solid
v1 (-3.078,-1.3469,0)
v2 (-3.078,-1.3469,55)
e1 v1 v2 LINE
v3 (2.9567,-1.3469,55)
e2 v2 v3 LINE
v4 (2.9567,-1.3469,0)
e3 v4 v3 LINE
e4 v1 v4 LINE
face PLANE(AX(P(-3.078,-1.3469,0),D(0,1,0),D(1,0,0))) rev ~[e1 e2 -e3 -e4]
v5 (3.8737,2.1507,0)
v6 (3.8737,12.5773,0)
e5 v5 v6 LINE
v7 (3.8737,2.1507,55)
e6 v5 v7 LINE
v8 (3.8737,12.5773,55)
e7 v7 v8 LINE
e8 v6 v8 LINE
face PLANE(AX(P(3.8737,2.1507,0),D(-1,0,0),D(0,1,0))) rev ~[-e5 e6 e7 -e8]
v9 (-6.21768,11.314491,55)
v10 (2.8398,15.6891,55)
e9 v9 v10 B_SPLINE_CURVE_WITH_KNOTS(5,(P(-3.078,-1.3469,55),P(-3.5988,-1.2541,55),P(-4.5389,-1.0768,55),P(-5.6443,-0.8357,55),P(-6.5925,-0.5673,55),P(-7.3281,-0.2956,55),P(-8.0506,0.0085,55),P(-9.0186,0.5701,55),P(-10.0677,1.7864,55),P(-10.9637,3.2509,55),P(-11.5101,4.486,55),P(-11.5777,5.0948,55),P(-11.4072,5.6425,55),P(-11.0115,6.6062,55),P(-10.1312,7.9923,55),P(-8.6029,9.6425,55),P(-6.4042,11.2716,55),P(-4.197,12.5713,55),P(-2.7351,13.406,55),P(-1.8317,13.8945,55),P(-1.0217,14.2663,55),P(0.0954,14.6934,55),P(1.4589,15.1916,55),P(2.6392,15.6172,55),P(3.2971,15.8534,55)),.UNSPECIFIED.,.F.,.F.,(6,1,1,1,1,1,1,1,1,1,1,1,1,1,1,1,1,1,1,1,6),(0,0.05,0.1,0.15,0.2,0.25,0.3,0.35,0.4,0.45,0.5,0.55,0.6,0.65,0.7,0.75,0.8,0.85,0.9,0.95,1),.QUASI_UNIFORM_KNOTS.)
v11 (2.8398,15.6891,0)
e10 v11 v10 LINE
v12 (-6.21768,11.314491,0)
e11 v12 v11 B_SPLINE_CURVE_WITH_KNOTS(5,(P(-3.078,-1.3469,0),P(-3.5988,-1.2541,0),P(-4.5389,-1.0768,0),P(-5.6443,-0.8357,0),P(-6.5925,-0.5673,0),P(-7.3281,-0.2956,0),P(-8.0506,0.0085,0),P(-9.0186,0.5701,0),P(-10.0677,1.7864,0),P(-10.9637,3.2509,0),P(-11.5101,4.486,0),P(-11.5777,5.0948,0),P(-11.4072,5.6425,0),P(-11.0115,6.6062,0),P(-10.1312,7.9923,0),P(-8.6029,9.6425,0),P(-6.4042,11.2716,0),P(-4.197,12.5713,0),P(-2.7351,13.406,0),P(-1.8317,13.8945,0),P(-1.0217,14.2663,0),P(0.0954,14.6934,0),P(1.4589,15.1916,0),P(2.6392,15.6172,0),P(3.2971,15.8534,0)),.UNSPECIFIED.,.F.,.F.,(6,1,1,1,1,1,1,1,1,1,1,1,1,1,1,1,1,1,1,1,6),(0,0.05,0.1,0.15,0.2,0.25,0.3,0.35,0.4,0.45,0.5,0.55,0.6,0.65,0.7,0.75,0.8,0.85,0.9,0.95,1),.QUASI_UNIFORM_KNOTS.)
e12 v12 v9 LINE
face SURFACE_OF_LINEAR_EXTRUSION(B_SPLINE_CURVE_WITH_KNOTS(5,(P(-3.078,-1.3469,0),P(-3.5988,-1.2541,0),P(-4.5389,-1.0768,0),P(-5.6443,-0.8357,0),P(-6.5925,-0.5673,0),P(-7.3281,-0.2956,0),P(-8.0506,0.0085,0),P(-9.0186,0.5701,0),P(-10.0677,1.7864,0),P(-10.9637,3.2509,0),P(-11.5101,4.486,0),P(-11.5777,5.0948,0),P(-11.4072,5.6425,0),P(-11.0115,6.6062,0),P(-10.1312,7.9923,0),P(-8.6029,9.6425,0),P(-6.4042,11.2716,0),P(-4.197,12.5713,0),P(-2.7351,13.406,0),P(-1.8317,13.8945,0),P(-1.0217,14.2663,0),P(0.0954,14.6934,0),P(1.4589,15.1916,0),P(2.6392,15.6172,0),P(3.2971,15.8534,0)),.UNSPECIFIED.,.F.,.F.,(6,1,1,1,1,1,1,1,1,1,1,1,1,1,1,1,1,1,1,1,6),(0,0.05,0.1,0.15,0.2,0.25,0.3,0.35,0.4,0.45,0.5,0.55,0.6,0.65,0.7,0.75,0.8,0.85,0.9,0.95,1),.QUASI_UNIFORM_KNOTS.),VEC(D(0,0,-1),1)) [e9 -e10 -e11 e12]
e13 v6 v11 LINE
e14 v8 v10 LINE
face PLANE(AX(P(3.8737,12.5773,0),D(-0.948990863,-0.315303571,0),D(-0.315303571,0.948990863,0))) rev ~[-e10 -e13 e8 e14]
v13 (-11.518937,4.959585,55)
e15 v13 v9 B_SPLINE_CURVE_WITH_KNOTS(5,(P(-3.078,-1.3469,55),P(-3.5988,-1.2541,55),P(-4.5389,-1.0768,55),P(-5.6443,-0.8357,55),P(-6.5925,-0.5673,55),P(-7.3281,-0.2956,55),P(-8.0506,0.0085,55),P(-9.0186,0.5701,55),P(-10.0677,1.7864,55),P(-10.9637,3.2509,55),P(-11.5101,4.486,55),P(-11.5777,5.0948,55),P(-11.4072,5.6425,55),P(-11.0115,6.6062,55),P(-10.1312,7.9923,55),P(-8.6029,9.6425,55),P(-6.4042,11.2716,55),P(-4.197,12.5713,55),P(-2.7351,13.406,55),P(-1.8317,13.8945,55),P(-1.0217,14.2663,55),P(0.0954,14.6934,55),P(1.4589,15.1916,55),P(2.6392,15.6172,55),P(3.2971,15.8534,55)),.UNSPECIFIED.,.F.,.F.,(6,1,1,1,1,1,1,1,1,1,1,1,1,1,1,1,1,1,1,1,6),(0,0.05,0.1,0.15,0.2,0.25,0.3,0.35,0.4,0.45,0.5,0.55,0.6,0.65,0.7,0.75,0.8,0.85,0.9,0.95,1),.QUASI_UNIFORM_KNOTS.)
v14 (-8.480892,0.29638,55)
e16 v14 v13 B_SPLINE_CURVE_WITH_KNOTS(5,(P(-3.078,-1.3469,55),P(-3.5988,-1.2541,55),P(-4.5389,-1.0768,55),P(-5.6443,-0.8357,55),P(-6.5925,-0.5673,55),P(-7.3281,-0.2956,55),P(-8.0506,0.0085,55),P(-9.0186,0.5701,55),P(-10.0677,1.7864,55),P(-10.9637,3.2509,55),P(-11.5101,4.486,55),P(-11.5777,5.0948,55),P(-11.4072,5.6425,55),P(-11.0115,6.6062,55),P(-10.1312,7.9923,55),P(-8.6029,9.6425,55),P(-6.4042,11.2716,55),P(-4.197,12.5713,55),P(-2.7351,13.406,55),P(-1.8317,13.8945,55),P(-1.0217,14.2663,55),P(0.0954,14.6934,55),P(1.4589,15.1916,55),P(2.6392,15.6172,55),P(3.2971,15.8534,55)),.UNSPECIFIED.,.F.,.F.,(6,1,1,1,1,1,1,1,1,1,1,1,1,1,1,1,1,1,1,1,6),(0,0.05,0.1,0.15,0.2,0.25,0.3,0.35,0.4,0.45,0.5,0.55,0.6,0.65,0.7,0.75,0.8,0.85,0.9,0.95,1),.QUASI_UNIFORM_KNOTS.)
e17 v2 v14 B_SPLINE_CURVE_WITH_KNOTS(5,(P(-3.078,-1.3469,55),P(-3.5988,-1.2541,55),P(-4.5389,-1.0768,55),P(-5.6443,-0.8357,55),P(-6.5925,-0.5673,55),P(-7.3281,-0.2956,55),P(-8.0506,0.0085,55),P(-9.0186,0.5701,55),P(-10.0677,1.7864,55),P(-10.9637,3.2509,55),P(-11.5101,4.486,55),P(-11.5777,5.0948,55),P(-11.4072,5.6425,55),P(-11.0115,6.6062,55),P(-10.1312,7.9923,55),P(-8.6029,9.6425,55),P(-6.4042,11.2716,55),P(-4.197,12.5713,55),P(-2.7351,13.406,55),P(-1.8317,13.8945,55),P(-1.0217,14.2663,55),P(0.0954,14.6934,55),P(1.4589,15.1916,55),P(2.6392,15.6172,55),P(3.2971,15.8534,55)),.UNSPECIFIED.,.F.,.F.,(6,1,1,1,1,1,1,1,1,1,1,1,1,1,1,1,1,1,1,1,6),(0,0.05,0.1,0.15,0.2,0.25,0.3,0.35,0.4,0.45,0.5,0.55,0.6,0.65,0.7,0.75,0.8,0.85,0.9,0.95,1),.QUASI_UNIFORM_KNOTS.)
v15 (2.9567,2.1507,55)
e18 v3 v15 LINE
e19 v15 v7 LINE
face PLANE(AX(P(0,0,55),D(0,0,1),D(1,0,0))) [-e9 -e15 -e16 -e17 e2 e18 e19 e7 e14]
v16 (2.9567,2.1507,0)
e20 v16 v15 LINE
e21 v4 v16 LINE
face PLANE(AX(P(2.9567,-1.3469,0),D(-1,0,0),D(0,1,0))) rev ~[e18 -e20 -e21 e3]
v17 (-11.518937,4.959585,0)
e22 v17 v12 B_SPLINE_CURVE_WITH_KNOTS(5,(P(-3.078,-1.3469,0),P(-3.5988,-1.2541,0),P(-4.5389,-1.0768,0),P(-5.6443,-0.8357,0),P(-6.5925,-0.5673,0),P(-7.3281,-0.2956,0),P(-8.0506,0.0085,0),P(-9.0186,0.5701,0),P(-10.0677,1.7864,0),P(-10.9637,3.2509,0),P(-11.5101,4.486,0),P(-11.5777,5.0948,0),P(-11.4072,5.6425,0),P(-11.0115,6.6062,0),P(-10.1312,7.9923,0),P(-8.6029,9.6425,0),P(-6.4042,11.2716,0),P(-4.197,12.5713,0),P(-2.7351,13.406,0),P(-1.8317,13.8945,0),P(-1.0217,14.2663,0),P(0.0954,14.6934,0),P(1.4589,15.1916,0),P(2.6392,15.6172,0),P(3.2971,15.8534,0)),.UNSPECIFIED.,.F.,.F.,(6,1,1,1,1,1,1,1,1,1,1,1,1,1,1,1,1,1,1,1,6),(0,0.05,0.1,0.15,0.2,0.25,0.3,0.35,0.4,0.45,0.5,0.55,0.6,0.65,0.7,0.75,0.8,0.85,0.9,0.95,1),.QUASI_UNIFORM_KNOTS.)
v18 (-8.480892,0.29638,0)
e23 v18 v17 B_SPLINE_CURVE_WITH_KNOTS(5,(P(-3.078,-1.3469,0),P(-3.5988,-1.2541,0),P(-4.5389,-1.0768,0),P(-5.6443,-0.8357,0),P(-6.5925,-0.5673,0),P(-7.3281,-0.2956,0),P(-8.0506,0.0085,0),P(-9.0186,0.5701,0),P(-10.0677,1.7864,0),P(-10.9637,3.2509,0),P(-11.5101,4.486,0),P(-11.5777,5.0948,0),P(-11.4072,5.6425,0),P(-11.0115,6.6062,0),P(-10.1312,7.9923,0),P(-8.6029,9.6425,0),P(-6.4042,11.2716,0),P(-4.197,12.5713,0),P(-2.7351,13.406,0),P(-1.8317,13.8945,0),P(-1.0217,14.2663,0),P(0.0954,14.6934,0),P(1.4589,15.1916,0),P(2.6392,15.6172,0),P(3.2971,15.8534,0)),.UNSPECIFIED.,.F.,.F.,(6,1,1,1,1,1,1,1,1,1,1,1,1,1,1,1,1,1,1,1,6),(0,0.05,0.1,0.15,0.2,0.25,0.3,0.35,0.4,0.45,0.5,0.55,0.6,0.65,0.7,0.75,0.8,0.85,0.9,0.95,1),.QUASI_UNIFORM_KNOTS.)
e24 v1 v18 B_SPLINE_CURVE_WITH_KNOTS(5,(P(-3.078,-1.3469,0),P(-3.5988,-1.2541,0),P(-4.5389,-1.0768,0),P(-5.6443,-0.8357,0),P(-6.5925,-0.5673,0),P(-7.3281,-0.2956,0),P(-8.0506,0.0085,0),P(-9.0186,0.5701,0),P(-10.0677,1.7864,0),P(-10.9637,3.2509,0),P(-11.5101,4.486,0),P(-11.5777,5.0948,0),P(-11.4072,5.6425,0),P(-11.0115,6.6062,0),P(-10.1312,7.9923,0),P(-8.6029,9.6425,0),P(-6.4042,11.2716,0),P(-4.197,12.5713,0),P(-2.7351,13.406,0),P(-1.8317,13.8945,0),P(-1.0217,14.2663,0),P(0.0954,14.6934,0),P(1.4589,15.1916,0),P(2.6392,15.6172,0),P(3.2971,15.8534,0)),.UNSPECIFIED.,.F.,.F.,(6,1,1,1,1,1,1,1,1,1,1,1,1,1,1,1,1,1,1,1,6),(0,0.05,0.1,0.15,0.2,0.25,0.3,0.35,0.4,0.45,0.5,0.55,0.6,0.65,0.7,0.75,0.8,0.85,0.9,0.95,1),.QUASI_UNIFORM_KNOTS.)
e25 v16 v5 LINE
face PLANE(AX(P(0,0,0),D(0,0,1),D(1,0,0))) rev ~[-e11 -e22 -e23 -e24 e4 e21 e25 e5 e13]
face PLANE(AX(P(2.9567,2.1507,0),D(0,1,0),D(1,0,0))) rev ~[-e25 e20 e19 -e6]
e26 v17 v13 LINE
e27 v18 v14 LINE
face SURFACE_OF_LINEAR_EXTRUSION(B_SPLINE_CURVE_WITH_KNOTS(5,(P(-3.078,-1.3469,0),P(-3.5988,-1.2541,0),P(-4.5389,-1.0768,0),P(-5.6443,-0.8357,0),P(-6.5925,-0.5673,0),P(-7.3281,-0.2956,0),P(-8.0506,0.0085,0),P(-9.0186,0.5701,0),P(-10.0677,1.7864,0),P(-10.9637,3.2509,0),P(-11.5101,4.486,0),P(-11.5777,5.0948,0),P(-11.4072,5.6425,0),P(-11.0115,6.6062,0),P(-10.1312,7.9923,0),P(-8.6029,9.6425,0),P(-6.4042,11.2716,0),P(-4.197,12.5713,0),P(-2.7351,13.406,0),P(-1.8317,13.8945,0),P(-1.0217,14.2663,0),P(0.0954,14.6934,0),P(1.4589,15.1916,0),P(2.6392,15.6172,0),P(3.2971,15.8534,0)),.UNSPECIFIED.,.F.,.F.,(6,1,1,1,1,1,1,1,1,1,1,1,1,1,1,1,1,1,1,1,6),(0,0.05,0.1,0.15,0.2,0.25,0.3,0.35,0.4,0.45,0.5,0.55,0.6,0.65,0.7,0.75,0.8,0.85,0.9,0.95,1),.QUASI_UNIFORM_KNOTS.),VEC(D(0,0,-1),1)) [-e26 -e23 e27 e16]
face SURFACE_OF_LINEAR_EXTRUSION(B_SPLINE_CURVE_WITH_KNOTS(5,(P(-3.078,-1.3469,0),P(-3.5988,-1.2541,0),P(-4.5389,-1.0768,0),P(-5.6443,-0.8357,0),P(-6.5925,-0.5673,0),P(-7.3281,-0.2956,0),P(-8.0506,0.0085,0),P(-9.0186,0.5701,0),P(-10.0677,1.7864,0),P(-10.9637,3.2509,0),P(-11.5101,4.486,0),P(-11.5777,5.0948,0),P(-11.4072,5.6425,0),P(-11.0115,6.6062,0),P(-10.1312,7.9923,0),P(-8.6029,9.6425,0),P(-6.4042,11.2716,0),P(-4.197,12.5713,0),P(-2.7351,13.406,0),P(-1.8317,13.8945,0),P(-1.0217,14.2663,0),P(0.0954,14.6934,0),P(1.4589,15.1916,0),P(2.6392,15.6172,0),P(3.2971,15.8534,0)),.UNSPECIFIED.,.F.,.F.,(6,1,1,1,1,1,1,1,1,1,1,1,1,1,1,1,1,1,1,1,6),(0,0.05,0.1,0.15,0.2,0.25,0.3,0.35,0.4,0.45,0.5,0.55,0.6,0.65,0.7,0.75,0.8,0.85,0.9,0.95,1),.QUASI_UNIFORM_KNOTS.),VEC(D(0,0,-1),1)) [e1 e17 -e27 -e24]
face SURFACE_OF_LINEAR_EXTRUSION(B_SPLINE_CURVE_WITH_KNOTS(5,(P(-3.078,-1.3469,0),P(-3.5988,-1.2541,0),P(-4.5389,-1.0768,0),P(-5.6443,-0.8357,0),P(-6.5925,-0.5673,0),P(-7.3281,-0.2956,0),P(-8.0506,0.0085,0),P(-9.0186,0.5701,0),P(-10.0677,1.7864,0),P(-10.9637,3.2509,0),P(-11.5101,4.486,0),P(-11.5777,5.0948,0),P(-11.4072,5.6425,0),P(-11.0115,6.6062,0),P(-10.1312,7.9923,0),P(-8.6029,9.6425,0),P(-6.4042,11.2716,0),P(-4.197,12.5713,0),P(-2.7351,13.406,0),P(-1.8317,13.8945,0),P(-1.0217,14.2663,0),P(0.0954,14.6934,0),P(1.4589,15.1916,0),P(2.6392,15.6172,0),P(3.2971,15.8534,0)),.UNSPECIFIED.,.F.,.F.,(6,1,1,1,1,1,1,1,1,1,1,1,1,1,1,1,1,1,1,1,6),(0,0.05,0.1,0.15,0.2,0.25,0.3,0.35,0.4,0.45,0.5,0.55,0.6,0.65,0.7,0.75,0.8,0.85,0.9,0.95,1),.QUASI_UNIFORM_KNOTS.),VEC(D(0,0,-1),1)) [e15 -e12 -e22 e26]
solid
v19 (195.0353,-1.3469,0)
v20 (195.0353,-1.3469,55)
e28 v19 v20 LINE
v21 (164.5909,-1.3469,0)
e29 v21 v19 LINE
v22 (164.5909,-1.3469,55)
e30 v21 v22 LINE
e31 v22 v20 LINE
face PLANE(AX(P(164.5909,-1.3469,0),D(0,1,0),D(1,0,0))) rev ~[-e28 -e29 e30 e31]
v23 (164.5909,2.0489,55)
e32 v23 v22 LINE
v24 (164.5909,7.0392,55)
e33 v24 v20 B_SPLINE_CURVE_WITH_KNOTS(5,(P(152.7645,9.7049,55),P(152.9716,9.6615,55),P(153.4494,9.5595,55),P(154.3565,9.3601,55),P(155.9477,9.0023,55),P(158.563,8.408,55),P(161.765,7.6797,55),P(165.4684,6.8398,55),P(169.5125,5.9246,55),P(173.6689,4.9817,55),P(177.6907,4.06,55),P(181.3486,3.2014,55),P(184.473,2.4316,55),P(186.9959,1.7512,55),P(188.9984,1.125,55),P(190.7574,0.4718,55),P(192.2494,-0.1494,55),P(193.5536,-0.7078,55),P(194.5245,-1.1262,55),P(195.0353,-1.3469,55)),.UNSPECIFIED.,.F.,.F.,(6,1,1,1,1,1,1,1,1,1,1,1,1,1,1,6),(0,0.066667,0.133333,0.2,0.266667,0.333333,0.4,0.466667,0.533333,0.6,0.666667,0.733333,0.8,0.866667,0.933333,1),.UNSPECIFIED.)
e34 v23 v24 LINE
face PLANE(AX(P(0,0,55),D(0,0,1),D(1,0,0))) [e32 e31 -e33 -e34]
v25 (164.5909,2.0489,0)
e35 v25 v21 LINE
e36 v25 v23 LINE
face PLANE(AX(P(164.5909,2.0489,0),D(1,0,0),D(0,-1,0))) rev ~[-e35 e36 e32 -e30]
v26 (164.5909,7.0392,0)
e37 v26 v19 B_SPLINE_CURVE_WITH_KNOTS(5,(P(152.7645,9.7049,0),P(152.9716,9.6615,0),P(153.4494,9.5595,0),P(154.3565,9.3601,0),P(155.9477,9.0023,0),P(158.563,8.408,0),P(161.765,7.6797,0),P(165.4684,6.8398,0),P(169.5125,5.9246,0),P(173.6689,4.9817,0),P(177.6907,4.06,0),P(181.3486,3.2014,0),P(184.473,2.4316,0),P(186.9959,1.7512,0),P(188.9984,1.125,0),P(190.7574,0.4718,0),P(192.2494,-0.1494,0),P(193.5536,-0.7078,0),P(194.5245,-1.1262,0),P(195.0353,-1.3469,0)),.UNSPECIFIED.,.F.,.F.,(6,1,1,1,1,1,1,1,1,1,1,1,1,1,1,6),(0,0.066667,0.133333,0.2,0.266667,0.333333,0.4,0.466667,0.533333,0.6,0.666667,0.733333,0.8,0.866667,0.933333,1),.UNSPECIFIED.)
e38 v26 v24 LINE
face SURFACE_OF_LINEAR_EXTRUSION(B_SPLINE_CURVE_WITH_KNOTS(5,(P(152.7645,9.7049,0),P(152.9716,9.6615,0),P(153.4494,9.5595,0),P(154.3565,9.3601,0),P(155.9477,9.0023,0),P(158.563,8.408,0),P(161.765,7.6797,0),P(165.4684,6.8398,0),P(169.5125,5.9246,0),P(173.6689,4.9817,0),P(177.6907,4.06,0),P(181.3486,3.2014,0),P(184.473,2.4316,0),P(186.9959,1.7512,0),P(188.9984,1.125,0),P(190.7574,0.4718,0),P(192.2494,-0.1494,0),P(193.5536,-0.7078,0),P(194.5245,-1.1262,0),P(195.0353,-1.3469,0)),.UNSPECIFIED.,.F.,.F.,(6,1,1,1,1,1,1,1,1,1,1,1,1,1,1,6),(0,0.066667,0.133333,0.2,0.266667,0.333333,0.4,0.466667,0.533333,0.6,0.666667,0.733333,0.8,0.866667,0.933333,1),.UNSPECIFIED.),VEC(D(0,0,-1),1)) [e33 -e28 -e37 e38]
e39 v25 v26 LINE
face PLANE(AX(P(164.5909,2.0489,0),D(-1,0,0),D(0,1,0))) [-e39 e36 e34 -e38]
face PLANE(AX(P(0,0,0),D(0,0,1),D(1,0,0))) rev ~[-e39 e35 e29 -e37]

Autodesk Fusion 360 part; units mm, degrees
sketch "Sketch1" plane through (0, 0, 0) normal (0, 0, 1) x (1, 0, 0) in component "Airfoil structure"
  spline S0 degree 5 poles (152.7645, 9.7049) (152.9716, 9.6615) (153.4494, 9.5595) (154.3565, 9.3601) (155.9477, 9.0023) (158.563, 8.408) (161.765, 7.6797) (165.4684, 6.8398) (169.5125, 5.9246) (173.6689, 4.9817) (177.6907, 4.06) (181.3486, 3.2014) (184.473, 2.4316) (186.9959, 1.7512) (188.9984, 1.125) (190.7574, 0.4718) (192.2494, -0.1494) (193.5536, -0.7078) (194.5245, -1.1262) (195.0353, -1.3469) knots 0 0 0 0 0 0 0.066667 0.133333 0.2 0.266667 0.333333 0.4 0.466667 0.533333 0.6 0.666667 0.733333 0.8 0.866667 0.933333 1 1 1 1 1 1
  line L0 (151.6776, 9.9322) -> (153.8514, 9.4775)
  line L1 (191.9867, -0.0294) -> (198.0838, -2.6644)
  circle A0 centre (33.1388, 9.1296) radius 4.765
  circle A1 centre (116.1615, 7.0362) radius 3.175
  spline S1 degree 5 poles (-3.078, -1.3469) (-3.5988, -1.2541) (-4.5389, -1.0768) (-5.6443, -0.8357) (-6.5925, -0.5673) (-7.3281, -0.2956) (-8.0506, 0.0085) (-9.0186, 0.5701) (-10.0677, 1.7864) (-10.9637, 3.2509) (-11.5101, 4.486) (-11.5777, 5.0948) (-11.4072, 5.6425) (-11.0115, 6.6062) (-10.1312, 7.9923) (-8.6029, 9.6425) (-6.4042, 11.2716) (-4.197, 12.5713) (-2.7351, 13.406) (-1.8317, 13.8945) (-1.0217, 14.2663) (0.0954, 14.6934) (1.4589, 15.1916) (2.6392, 15.6172) (3.2971, 15.8534) knots 0 0 0 0 0 0 0.05 0.1 0.15 0.2 0.25 0.3 0.35 0.4 0.45 0.5 0.55 0.6 0.65 0.7 0.75 0.8 0.85 0.9 0.95 1 1 1 1 1 1
  line L2 (0.5733, -1.9976) -> (-6.7293, -0.6962)
  line L3 (-0.0118, 14.6656) -> (6.606, 17.0412)
  line L4 (-8.4792, 9.8153) -> (-3.9569, 12.8132)
  line L5 (-11.5034, 4.2257) -> (-11.5345, 5.6935)
  line L6 (-7.2174, -0.5359) -> (-9.7443, 1.1286)
  line L7 (19.5688, 19.3646) -> (90.5688, 19.3646)
  spline S2 degree 5 poles (93.5688, 19.3646) (93.8188, 19.3387) (94.2829, 19.2905) (94.8714, 19.229) (95.4658, 19.1659) (96.0263, 19.1049) (96.567, 19.0445) (97.2368, 18.9678) (98.1315, 18.8622) (99.313, 18.7173) (100.8214, 18.5245) (102.3118, 18.3263) (103.5973, 18.1504) (104.53, 18.0207) (105.0153, 17.9528) knots 0 0 0 0 0 0 0.1 0.2 0.3 0.4 0.5 0.6 0.7 0.8 0.9 1 1 1 1 1 1
  line L8 (92.266, 19.4996) -> (94.8715, 19.2297)
  line L9 (103.6448, 18.1447) -> (106.3858, 17.761)
  spline S3 degree 5 poles (6.5765, 16.943) (6.9079, 17.0449) (7.5374, 17.2364) (8.3817, 17.4868) (9.3156, 17.7508) (10.2084, 17.9865) (10.8922, 18.156) (11.4504, 18.29) (11.9864, 18.4184) (12.6265, 18.5675) (13.504, 18.76) (14.4962, 18.9637) (15.447, 19.1503) (16.1786, 19.2906) (16.5688, 19.3646) knots 0 0 0 0 0 0 0.1 0.2 0.3 0.4 0.5 0.6 0.7 0.8 0.9 1 1 1 1 1 1
  line L10 (5.4107, 16.5846) -> (7.7424, 17.3015)
  line L11 (15.2328, 19.111) -> (17.9048, 19.6183)
  line L12 (152.2841, 9.8053) -> (152.7645, 9.7049)
  line L13 (107.9851, 17.5282) -> (108.4359, 17.4637)
  line L14 (6.1441, 16.7993) -> (6.5765, 16.943)
  line L15 (128.8618, -1.3469) -> (132.3168, -1.3469)
  line L16 (149.3476, 10.4194) -> (148.7335, 7.483)
  line L17 (148.7335, 7.483) -> (151.67, 6.8689)
  line L18 (151.67, 6.8689) -> (152.2841, 9.8053)
  line L19 (3.2971, 15.8534) -> (4.243, 13.0064)
  line L20 (4.243, 13.0064) -> (7.09, 13.9524)
  line L21 (7.09, 13.9524) -> (6.1441, 16.7993)
  line L22 (161.1951, -1.3469) -> (161.1951, 1.6531)
  line L23 (161.1951, 1.6531) -> (164.1951, 1.6531)
  line L24 (164.1951, 1.6531) -> (164.1951, -1.3469)
  line L25 (132.3168, -1.3469) -> (161.1951, -1.3469)
  line L26 (164.1951, -1.3469) -> (195.0353, -1.3469)
  line L27 (3.4543, -1.3469) -> (3.4543, 1.6531)
  line L28 (3.4543, 1.6531) -> (6.4543, 1.6531)
  line L29 (6.4543, 1.6531) -> (6.4543, -1.3469)
  line L30 (-3.078, -1.3469) -> (3.4543, -1.3469)
  line L31 (6.4543, -1.3469) -> (128.8618, -1.3469)
  line L32 (105.0153, 17.9528) -> (107.9851, 17.5282)
  line L33 (19.5688, 19.3646) -> (19.5688, 16.3646)
  line L34 (19.5688, 16.3646) -> (16.5688, 16.3646)
  line L35 (16.5688, 16.3646) -> (16.5688, 19.3646)
  line L36 (90.5688, 19.3646) -> (90.5688, 16.3646)
  line L37 (90.5688, 16.3646) -> (93.5688, 16.3646)
  line L38 (93.5688, 16.3646) -> (93.5688, 19.3646)
  line L39 (113.7881, 13.5683) -> (110.8279, 14.0557)
  line L40 (110.8279, 14.0557) -> (111.3153, 17.0159)
  line L41 (113.7881, 13.5683) -> (114.2755, 16.5285)
  spline S4 degree 5 poles (108.4359, 17.4637) (108.5255, 17.4506) (108.6943, 17.4261) (108.916, 17.394) (109.1532, 17.3597) (109.3785, 17.3272) (109.5651, 17.2997) (109.7467, 17.2719) (109.9518, 17.2393) (110.199, 17.1992) (110.5008, 17.1497) (110.7926, 17.1018) (111.0419, 17.0608) (111.2219, 17.0312) (111.3153, 17.0159) knots 0 0 0 0 0 0 0.1 0.2 0.3 0.4 0.5 0.6 0.7 0.8 0.9 1 1 1 1 1 1
  line L42 (107.9387, 17.5361) -> (108.933, 17.3913)
  line L43 (110.8712, 17.0888) -> (111.7595, 16.9429)
  spline S5 degree 5 poles (114.2755, 16.5285) (114.908, 16.4243) (116.2157, 16.2103) (118.305, 15.8728) (121.3361, 15.3892) (125.4662, 14.728) (129.833, 14.0131) (134.2929, 13.2559) (138.6571, 12.4806) (142.6792, 11.7322) (146.0525, 11.0804) (147.9853, 10.6961) (148.8914, 10.5134) (149.2384, 10.4423) (149.3476, 10.4194) knots 0 0 0 0 0 0 0.1 0.2 0.3 0.4 0.5 0.6 0.7 0.8 0.9 1 1 1 1 1 1
  line L44 (111.4536, 16.9935) -> (117.0973, 16.0636)
  line L45 (148.6356, 10.5684) -> (150.0597, 10.2705)
  line L46 (151.67, 6.8689) -> (155.718, 6.0223) construction
  line L47 (164.1951, 1.6531) -> (164.6963, 1.6531) construction
  line L48 (152.6756, 9.7234) -> (152.0615, 6.787)
  line L49 (164.1951, 1.6531) -> (164.9867, 2.4447) construction
  line L50 (164.1951, 1.6531) -> (164.8816, 1.6531) construction
  line L51 (164.5909, 2.0489) -> (164.5909, -1.3469)
  line L52 (152.2841, 9.8053) -> (152.6756, 9.7234) construction
  line L53 (152.6756, 9.7234) -> (151.9827, 6.4137) construction
  line L54 (151.5912, 6.4957) -> (152.2841, 9.8053) construction
  line L55 (152.2841, 9.8053) -> (152.6756, 9.7234)
  line L56 (152.6756, 9.7234) -> (151.9342, 6.1818)
  line L57 (151.9342, 6.1818) -> (151.5427, 6.2638) construction
  line L58 (151.5427, 6.2638) -> (152.2841, 9.8053)
  line L59 (2.9567, -1.3469) -> (2.9567, 2.1507)
  line L60 (2.9567, 2.1507) -> (3.8737, 2.1507)
  line L61 (3.8737, 2.1507) -> (3.8737, 12.5773)
  line L62 (3.8737, 12.5773) -> (2.8398, 15.6891)
  line L63 (4.243, 13.0064) -> (1.9707, 12.2515) construction
  line L64 (3.4543, 1.6531) -> (2.143, 2.9644) construction
  line L65 (3.4543, 1.6531) -> (5.3087, 1.6531) construction
  line L66 (164.5909, 2.0489) -> (152.0615, 6.787)
  line L67 (151.67, 6.8689) -> (152.3309, 5.404) construction
  line L68 (151.5764, 6.4249) -> (164.1951, 1.6531)
  line L69 (164.5909, 2.0489) -> (164.5909, 7.0392)
  point P0 (-8.4808, 0.2964)
  point P1 (-11.5189, 4.9596)
  point P2 (-6.2181, 11.3142)
  point P3 (11.4183, 18.2822)
  point P4 (96.5722, 19.0435)
  point P5 (109.7229, 17.2753)
  point P6 (137.8507, 12.6179)
  point P7 (163.7235, 7.2358)
  point P8 (186.7896, 1.7868)
  dimension "d38" = 77
  dimension "d53" = 9.53
  dimension "d54" = 6.35
  dimension "d59" = 3
  dimension "d65" = 0.4
  dimension "d68" = 3
  dimension "d69" = 3
  dimension "d73" = 45
  dimension "d81" = 135
  dimension "d82" = 3
  dimension "d83" = 3
  dimension "d88" = 45
extrude "Extrude4" add sketch "Sketch1" along normal blind 77.78 contours S1 L30 L59 L60 L61 L62 makes body 1 in component "Airfoil structure"
extrude "Extrude3" add sketch "Sketch1" along normal blind 77.78 separate body contours S0 L26 L51 L69 makes body 2
extrude "Extrude5" cut 1 faces at (-2.1131, 4.0393, 77.78) along direction (0, 0, -1) blind 22.78 on bodies 1 bodies 1 in component "Airfoil structure"
extrude "Extrude4'" cut 1 faces at (171.0483, 3.878, 77.78) along direction (0, 0, -1) blind 22.78 on bodies 2 bodies 2
extrude "Extrude3'" [suppressed] in component "Airfoil structure"
sketch "Sketch3" plane through (0, 0, 0) normal (0, 0, 1) x (1, 0, 0)
component "Airfoil structure" placed x (1, 0, 0) y (0, 1, 0) z (0, 0, 1) at (0, 0, 0)
